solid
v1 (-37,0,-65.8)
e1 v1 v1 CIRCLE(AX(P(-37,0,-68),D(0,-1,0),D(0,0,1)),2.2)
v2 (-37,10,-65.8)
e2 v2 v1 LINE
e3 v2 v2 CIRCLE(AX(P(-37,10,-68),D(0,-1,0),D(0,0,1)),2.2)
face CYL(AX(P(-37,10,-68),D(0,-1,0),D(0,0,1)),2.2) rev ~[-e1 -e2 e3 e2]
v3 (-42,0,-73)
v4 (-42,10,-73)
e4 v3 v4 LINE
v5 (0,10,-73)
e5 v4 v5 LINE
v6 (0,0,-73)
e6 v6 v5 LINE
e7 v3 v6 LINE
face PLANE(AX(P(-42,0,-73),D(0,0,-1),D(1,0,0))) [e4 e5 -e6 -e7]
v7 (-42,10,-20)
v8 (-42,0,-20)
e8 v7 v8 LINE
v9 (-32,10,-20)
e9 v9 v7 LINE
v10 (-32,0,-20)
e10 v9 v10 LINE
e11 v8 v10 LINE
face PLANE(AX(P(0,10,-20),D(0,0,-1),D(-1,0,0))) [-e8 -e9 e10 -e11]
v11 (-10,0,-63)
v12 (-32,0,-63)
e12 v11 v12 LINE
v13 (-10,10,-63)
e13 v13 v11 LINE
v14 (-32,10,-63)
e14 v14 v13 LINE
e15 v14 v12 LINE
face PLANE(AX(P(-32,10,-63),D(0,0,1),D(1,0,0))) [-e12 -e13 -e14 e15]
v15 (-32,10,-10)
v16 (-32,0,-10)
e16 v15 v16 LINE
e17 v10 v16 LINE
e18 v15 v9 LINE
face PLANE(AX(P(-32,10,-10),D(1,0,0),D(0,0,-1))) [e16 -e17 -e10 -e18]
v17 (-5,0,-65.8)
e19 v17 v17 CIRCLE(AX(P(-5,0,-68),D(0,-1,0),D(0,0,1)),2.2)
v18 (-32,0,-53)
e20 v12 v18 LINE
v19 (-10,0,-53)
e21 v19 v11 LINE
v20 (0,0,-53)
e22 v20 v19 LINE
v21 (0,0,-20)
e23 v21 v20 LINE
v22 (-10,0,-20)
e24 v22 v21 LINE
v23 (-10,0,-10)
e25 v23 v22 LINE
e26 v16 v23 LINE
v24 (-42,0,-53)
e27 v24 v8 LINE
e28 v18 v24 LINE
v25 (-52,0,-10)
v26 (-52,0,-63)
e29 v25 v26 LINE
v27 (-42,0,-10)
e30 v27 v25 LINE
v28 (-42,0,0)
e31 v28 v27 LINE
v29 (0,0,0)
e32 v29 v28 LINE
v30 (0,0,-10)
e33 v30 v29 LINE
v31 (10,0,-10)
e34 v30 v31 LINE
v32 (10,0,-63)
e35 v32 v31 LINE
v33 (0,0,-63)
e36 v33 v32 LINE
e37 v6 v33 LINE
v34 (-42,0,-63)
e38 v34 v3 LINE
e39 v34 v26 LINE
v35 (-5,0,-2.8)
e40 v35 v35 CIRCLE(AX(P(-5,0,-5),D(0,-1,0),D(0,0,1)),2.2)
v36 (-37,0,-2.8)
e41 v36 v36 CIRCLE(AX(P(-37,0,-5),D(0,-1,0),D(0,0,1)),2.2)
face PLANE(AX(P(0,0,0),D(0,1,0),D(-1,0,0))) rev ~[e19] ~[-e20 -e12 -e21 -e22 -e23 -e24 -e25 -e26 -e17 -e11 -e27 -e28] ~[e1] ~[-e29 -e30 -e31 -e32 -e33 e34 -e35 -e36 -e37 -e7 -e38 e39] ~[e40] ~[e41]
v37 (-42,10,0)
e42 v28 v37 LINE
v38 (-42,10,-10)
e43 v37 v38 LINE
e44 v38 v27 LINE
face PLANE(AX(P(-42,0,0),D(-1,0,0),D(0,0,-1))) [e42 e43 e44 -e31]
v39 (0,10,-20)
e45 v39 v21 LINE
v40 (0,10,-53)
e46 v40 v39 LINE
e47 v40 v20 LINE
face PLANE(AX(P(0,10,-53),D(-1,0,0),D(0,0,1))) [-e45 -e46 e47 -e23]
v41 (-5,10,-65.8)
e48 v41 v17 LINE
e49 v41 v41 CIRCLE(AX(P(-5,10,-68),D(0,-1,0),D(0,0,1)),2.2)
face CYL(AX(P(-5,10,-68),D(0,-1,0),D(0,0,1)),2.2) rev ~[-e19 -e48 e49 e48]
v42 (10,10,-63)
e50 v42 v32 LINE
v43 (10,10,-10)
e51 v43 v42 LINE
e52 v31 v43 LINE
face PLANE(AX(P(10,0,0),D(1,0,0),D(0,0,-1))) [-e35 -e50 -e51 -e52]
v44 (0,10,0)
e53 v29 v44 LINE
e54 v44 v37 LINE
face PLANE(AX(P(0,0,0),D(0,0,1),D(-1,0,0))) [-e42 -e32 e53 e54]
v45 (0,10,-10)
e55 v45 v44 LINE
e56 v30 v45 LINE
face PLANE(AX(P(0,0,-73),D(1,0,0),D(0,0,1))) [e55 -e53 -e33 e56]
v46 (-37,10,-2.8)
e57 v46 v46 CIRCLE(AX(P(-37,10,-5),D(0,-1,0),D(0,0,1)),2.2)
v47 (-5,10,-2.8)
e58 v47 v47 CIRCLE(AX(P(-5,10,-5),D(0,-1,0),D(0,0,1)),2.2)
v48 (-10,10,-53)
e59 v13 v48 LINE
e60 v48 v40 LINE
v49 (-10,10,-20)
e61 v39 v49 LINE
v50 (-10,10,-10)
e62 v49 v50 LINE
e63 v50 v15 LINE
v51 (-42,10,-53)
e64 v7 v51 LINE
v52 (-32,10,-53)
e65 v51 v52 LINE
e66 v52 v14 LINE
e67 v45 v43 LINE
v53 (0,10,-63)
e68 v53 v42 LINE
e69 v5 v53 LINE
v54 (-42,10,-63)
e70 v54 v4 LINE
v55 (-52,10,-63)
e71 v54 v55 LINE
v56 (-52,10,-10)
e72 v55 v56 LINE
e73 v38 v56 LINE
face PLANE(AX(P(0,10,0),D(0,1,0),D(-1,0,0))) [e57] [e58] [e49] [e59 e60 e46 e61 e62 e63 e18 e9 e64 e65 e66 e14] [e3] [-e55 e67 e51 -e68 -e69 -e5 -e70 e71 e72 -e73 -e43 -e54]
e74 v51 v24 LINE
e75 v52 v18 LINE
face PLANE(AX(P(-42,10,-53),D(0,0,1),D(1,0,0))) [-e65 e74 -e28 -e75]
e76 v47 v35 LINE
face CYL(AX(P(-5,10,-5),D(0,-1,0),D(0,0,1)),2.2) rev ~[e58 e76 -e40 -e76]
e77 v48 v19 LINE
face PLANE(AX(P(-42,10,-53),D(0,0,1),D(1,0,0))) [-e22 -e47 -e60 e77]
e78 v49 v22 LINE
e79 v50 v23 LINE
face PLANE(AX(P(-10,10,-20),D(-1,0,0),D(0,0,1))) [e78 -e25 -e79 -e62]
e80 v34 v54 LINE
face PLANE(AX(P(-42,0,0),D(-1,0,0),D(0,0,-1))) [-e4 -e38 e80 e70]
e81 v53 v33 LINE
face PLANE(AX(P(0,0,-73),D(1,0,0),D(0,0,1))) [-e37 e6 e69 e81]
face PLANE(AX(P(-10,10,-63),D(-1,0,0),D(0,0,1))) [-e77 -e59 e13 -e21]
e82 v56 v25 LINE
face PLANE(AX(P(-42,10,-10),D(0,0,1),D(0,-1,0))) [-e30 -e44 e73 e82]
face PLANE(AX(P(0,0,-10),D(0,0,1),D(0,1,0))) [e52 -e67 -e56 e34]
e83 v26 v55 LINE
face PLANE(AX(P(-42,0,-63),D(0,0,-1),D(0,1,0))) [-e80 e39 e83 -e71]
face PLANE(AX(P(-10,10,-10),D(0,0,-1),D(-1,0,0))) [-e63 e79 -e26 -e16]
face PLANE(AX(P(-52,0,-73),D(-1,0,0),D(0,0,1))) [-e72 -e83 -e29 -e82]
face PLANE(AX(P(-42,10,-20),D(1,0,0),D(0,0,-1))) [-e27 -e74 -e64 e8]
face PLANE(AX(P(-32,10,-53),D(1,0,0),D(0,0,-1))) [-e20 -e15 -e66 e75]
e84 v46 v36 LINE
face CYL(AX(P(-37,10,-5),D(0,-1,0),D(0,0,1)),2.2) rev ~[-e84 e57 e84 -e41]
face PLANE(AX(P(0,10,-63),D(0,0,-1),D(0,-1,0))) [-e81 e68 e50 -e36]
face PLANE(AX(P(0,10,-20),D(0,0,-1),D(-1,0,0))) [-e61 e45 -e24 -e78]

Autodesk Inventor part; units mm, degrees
ref_plane "YZ Plane" through (0, 0, 0) normal (1, 0, 0) x (0, 1, 0)
ref_plane "XZ Plane" through (0, 0, 0) normal (0, 1, 0) x (-1, 0, 0)
ref_plane "XY Plane" through (0, 0, 0) normal (0, 0, 1) x (1, 0, 0)
sketch "Sketch1" plane through (0, 0, 0) normal (0, 1, 0) x (-1, 0, 0)
  line L0 (0, 0) -> (42, 0)
  line L1 (42, 0) -> (42, -73)
  line L2 (42, -73) -> (0, -73)
  line L3 (0, -73) -> (0, 0)
  dimension "d0" = 42
  dimension "d1" = 73
extrude "Extrusion1" add sketch "Sketch1" along normal blind 10
hole "Hole1" at (-37, 10, -5) direction (0, -1, 0) diameter 4.4 end through all
hole "Hole2" at (-37, 10, -68) direction (0, -1, 0) diameter 4.4 end through all
hole "Hole3" at (-5, 10, -68) direction (0, -1, 0) diameter 4.4 end through all
hole "Hole4" at (-5, 10, -5) direction (0, -1, 0) diameter 4.4 end through all
sketch "Sketch2" plane through (0, 0, 0) normal (1, 0, 0) x (0, 0, -1)
  line L0 (10, 10) -> (63, 10)
  line L1 (63, 10) -> (63, 0)
  line L2 (63, 0) -> (10, 0)
  line L3 (10, 0) -> (10, 10)
  line L4 (0, 10) -> (73, 10) projected
  line L5 (73, 0) -> (0, 0) projected
  dimension "d40" = 10
  dimension "d41" = 10
extrude "Extrusion2" add sketch "Sketch2" along normal blind 10
sketch "Sketch4" plane through (-42, 0, -73) normal (-1, 0, 0) x (0, 0, 1)
  line L0 (10, 10) -> (63, 10)
  line L1 (63, 10) -> (63, 0)
  line L2 (63, 0) -> (10, 0)
  line L3 (10, 0) -> (10, 10)
  line L4 (73, 0) -> (0, 0) projected
  line L5 (0, 10) -> (73, 10) projected
  dimension "d44" = 10
  dimension "d45" = 10
extrude "Extrusion3" add sketch "Sketch4" along normal blind 10
sketch "Sketch5" plane through (0, 10, 0) normal (0, 1, 0) x (1, 0, 0)
  line L0 (-42, 53) -> (0, 53)
  line L1 (0, 53) -> (0, 20)
  line L2 (0, 20) -> (-42, 20)
  line L3 (-42, 20) -> (-42, 53)
  line L4 (10, 63) -> (10, 10) projected
  line L5 (0, 73) -> (-42, 73) projected
  line L6 (-52, 10) -> (-52, 63) projected
  point P0 (0, 0)
  dimension "d48" = 10
  dimension "d49" = 20
  dimension "d50" = 20
  dimension "d51" = 10
extrude "Extrusion4" cut sketch "Sketch5" against normal up to next
sketch "Sketch6" plane through (0, 10, 0) normal (0, 1, 0) x (1, 0, 0)
  line L0 (-32, 63) -> (-10, 63)
  line L1 (-10, 63) -> (-10, 53)
  line L2 (-10, 53) -> (-32, 53)
  line L3 (-32, 53) -> (-32, 63)
  line L4 (-32, 20) -> (-10, 20)
  line L5 (-10, 20) -> (-10, 10)
  line L6 (-10, 10) -> (-32, 10)
  line L7 (-32, 10) -> (-32, 20)
  line L8 (-42, 53) -> (0, 53) projected
  line L9 (0, 20) -> (-42, 20) projected
  line L10 (0, 63) -> (0, 73) projected
  line L11 (-42, 73) -> (-42, 63) projected
  line L12 (0, 0) -> (0, 10) projected
  line L13 (-42, 10) -> (-42, 0) projected
  line L14 (-42, 63) -> (-52, 63) projected
  line L15 (0, 10) -> (10, 10) projected
  dimension "d54" = 10
  dimension "d55" = 10
  dimension "d56" = 10
  dimension "d57" = 10
extrude "Extrusion5" cut sketch "Sketch6" against normal up to next
properties part number "bottomplate"
